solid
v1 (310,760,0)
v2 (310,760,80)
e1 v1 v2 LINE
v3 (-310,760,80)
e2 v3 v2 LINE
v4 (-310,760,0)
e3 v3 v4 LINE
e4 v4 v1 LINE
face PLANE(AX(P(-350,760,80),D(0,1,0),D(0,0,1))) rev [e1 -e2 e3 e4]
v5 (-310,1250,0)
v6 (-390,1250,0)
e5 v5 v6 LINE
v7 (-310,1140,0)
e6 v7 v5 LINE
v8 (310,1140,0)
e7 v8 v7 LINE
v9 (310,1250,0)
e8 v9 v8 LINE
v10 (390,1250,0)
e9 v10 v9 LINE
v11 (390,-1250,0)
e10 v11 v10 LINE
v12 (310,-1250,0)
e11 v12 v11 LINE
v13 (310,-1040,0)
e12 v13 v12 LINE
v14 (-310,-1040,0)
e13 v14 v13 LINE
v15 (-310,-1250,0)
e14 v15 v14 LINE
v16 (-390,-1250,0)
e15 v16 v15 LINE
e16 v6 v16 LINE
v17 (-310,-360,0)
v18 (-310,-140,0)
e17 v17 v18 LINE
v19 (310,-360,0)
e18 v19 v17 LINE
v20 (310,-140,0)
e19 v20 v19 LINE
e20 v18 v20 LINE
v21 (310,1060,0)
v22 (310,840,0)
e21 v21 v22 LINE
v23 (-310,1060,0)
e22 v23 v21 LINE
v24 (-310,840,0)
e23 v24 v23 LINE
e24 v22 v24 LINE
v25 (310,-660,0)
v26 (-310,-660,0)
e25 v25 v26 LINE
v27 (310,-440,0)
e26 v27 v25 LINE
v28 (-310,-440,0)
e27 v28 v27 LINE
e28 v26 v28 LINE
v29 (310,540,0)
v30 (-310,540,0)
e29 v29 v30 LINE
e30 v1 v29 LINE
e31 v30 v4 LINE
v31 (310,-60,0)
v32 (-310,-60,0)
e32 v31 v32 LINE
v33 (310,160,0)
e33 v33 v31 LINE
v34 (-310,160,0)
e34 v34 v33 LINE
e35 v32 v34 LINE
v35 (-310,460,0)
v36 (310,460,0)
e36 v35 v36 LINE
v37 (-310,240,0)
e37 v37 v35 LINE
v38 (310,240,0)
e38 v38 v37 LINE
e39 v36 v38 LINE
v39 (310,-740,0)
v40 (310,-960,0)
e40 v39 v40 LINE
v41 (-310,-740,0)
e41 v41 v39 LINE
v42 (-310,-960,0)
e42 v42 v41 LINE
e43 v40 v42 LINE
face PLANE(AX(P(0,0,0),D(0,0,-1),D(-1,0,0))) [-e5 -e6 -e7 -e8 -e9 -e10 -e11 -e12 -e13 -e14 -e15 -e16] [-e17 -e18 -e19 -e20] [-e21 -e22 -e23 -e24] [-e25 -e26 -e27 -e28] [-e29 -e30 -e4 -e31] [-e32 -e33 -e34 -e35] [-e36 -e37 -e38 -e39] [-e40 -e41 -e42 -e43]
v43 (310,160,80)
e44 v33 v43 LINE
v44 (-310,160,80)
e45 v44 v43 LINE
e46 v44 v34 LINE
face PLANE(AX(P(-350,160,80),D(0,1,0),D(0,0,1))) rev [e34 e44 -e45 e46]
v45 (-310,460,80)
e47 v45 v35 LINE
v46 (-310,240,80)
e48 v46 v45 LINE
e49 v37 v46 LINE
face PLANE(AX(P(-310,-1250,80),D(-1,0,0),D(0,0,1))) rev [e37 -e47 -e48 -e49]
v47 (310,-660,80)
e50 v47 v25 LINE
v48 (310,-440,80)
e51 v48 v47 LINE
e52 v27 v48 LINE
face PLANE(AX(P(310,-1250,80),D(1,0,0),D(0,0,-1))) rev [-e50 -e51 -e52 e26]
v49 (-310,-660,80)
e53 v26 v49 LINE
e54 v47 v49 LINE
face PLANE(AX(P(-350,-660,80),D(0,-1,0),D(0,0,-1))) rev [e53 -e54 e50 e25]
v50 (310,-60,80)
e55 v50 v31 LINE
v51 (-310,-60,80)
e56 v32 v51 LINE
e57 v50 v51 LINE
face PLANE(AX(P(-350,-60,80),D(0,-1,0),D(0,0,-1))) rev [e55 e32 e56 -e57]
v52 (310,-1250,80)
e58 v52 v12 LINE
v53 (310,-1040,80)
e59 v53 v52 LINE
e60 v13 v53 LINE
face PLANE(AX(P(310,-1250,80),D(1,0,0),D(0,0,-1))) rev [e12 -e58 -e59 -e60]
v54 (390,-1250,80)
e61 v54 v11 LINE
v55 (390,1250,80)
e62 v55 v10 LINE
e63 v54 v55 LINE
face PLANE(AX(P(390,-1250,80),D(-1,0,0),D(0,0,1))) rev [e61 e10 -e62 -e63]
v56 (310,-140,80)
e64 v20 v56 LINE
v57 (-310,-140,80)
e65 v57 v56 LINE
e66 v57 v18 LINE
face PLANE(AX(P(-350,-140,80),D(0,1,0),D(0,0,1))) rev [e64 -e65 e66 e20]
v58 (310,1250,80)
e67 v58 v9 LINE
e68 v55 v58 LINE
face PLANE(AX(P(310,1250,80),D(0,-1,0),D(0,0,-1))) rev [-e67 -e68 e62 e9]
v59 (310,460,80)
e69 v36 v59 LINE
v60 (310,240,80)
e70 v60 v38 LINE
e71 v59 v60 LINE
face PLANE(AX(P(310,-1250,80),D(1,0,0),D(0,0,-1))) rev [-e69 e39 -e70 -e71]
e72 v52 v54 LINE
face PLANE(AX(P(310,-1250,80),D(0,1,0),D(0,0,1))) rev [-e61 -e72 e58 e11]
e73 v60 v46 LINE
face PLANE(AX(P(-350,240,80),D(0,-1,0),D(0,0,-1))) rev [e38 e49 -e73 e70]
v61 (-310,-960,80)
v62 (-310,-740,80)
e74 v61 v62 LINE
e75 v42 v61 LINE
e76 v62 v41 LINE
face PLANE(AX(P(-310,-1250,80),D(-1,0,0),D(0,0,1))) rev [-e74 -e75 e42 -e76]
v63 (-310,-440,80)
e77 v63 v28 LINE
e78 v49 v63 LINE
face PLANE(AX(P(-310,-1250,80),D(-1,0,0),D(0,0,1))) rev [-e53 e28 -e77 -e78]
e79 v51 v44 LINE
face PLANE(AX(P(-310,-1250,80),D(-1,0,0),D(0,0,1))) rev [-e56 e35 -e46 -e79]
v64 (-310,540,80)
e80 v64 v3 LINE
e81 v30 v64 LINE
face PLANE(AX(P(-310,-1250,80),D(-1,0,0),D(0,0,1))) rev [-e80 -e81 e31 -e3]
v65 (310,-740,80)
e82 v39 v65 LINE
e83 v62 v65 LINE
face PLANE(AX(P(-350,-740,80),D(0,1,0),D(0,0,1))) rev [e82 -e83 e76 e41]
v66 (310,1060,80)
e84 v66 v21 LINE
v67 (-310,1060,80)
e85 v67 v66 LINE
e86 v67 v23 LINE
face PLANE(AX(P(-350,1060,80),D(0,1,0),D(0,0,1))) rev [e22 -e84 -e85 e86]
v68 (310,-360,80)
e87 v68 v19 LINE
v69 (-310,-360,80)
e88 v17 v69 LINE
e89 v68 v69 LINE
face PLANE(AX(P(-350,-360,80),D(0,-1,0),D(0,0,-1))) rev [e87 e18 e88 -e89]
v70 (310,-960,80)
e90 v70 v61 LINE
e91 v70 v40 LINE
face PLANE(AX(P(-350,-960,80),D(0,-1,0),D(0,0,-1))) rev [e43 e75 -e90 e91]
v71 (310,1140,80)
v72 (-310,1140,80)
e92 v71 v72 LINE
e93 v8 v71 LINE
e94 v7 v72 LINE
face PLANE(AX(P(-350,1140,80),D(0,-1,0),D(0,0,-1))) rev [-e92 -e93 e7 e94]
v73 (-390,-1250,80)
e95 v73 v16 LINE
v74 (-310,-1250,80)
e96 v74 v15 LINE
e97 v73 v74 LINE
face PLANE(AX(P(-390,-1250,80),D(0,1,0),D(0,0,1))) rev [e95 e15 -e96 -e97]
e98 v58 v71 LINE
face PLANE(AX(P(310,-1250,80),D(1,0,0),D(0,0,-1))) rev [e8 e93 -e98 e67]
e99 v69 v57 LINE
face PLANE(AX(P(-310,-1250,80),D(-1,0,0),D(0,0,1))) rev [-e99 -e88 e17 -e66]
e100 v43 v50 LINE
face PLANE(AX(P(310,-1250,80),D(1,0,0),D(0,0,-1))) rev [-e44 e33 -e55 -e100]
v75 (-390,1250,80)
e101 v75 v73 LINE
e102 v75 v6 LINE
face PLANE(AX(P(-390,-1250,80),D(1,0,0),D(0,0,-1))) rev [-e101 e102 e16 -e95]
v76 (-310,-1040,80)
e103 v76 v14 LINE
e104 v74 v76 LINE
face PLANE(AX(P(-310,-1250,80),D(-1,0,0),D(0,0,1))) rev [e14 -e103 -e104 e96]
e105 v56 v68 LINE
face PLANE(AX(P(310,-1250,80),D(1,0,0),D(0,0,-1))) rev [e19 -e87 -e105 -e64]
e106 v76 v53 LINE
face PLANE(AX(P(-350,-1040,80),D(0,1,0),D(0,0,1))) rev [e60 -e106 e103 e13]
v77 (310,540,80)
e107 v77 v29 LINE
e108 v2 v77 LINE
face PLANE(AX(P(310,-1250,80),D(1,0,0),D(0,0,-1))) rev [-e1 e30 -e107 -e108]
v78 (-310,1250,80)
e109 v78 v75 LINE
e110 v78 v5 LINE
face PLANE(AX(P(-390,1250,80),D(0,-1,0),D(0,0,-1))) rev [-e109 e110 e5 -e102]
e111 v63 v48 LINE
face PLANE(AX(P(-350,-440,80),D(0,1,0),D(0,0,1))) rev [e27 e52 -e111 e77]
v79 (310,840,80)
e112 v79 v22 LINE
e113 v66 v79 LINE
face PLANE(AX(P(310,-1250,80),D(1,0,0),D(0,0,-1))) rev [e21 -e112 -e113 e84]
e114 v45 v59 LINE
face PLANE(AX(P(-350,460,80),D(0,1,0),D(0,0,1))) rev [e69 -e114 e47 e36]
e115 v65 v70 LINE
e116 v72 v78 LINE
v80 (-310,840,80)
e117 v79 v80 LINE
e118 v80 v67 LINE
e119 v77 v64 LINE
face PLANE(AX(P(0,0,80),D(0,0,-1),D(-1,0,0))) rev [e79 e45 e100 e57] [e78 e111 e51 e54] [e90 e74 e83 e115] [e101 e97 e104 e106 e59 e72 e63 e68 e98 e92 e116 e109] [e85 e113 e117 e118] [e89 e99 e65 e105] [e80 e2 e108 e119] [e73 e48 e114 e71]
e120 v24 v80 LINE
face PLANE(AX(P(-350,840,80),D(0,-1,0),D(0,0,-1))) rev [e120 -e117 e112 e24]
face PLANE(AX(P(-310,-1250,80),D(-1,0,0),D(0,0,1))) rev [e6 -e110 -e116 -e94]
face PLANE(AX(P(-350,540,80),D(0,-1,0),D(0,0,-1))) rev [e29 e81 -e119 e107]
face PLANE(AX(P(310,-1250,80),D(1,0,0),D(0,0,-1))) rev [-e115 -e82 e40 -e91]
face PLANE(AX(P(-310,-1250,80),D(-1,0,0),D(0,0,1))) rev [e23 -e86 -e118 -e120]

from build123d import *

# Parameters (mm, degrees)
SKETCH_1_W       = 80
SKETCH_1_H       = 2500
EXTRUDE_1_DEPTH  = 80
SKETCH_2_W       = 80
SKETCH_2_H       = 2500
EXTRUDE_2_DEPTH  = 80
SKETCH_3_W       = 700
SKETCH_3_H       = 80
EXTRUDE_3_DEPTH  = 80
SKETCH_4_W       = 700
SKETCH_4_H       = 80
EXTRUDE_4_DEPTH  = 80
SKETCH_5_W       = 700
SKETCH_5_H       = 80
EXTRUDE_5_DEPTH  = 80
SKETCH_6_W       = 700
SKETCH_6_H       = 80
EXTRUDE_6_DEPTH  = 80
SKETCH_7_W       = 700
SKETCH_7_H       = 80
EXTRUDE_7_DEPTH  = 80
SKETCH_8_W       = 700
SKETCH_8_H       = 80
EXTRUDE_8_DEPTH  = 80
SKETCH_9_W       = 700
SKETCH_9_H       = 80
EXTRUDE_9_DEPTH  = 80
SKETCH_10_W      = 700
SKETCH_10_H      = 80
EXTRUDE_10_DEPTH = 80


with BuildPart() as part:
    # 草图1 → 凸台-拉伸1 (new body)
    with BuildSketch(Plane.XY):
        with Locations((-350, 0)):
            Rectangle(SKETCH_1_W, SKETCH_1_H)
    extrude(amount=EXTRUDE_1_DEPTH)



with BuildPart() as body_2:
    # 草图2 → 凸台-拉伸2 (new body)
    with BuildSketch(Plane.XY):
        with Locations((350, 0)):
            Rectangle(SKETCH_2_W, SKETCH_2_H)
    extrude(amount=EXTRUDE_2_DEPTH)


with BuildPart() as part_1:
    add(part.part)

    add(body_2.part)  # 凸台-拉伸3 merges body 2
    # 草图3 → 凸台-拉伸3 (add)
    with BuildSketch(Plane.XY):
        with Locations((0, 1100)):
            Rectangle(SKETCH_3_W, SKETCH_3_H)
    extrude(amount=EXTRUDE_3_DEPTH)

    # 草图4 → 凸台-拉伸4 (add)
    with BuildSketch(Plane.XY):
        with Locations((0, 800)):
            Rectangle(SKETCH_4_W, SKETCH_4_H)
    extrude(amount=EXTRUDE_4_DEPTH)

    # 草图5 → 凸台-拉伸5 (add)
    with BuildSketch(Plane.XY):
        with Locations((0, 500)):
            Rectangle(SKETCH_5_W, SKETCH_5_H)
    extrude(amount=EXTRUDE_5_DEPTH)

    # 草图6 → 凸台-拉伸6 (add)
    with BuildSketch(Plane.XY):
        with Locations((0, 200)):
            Rectangle(SKETCH_6_W, SKETCH_6_H)
    extrude(amount=EXTRUDE_6_DEPTH)

    # 草图7 → 凸台-拉伸7 (add)
    with BuildSketch(Plane.XY):
        with Locations((0, -100)):
            Rectangle(SKETCH_7_W, SKETCH_7_H)
    extrude(amount=EXTRUDE_7_DEPTH)

    # 草图8 → 凸台-拉伸8 (add)
    with BuildSketch(Plane.XY):
        with Locations((0, -400)):
            Rectangle(SKETCH_8_W, SKETCH_8_H)
    extrude(amount=EXTRUDE_8_DEPTH)

    # 草图9 → 凸台-拉伸9 (add)
    with BuildSketch(Plane.XY):
        with Locations((0, -700)):
            Rectangle(SKETCH_9_W, SKETCH_9_H)
    extrude(amount=EXTRUDE_9_DEPTH)

    # 草图10 → 凸台-拉伸10 (add)
    with BuildSketch(Plane.XY):
        with Locations((0, -1000)):
            Rectangle(SKETCH_10_W, SKETCH_10_H)
    extrude(amount=EXTRUDE_10_DEPTH)


solid = part_1.part
